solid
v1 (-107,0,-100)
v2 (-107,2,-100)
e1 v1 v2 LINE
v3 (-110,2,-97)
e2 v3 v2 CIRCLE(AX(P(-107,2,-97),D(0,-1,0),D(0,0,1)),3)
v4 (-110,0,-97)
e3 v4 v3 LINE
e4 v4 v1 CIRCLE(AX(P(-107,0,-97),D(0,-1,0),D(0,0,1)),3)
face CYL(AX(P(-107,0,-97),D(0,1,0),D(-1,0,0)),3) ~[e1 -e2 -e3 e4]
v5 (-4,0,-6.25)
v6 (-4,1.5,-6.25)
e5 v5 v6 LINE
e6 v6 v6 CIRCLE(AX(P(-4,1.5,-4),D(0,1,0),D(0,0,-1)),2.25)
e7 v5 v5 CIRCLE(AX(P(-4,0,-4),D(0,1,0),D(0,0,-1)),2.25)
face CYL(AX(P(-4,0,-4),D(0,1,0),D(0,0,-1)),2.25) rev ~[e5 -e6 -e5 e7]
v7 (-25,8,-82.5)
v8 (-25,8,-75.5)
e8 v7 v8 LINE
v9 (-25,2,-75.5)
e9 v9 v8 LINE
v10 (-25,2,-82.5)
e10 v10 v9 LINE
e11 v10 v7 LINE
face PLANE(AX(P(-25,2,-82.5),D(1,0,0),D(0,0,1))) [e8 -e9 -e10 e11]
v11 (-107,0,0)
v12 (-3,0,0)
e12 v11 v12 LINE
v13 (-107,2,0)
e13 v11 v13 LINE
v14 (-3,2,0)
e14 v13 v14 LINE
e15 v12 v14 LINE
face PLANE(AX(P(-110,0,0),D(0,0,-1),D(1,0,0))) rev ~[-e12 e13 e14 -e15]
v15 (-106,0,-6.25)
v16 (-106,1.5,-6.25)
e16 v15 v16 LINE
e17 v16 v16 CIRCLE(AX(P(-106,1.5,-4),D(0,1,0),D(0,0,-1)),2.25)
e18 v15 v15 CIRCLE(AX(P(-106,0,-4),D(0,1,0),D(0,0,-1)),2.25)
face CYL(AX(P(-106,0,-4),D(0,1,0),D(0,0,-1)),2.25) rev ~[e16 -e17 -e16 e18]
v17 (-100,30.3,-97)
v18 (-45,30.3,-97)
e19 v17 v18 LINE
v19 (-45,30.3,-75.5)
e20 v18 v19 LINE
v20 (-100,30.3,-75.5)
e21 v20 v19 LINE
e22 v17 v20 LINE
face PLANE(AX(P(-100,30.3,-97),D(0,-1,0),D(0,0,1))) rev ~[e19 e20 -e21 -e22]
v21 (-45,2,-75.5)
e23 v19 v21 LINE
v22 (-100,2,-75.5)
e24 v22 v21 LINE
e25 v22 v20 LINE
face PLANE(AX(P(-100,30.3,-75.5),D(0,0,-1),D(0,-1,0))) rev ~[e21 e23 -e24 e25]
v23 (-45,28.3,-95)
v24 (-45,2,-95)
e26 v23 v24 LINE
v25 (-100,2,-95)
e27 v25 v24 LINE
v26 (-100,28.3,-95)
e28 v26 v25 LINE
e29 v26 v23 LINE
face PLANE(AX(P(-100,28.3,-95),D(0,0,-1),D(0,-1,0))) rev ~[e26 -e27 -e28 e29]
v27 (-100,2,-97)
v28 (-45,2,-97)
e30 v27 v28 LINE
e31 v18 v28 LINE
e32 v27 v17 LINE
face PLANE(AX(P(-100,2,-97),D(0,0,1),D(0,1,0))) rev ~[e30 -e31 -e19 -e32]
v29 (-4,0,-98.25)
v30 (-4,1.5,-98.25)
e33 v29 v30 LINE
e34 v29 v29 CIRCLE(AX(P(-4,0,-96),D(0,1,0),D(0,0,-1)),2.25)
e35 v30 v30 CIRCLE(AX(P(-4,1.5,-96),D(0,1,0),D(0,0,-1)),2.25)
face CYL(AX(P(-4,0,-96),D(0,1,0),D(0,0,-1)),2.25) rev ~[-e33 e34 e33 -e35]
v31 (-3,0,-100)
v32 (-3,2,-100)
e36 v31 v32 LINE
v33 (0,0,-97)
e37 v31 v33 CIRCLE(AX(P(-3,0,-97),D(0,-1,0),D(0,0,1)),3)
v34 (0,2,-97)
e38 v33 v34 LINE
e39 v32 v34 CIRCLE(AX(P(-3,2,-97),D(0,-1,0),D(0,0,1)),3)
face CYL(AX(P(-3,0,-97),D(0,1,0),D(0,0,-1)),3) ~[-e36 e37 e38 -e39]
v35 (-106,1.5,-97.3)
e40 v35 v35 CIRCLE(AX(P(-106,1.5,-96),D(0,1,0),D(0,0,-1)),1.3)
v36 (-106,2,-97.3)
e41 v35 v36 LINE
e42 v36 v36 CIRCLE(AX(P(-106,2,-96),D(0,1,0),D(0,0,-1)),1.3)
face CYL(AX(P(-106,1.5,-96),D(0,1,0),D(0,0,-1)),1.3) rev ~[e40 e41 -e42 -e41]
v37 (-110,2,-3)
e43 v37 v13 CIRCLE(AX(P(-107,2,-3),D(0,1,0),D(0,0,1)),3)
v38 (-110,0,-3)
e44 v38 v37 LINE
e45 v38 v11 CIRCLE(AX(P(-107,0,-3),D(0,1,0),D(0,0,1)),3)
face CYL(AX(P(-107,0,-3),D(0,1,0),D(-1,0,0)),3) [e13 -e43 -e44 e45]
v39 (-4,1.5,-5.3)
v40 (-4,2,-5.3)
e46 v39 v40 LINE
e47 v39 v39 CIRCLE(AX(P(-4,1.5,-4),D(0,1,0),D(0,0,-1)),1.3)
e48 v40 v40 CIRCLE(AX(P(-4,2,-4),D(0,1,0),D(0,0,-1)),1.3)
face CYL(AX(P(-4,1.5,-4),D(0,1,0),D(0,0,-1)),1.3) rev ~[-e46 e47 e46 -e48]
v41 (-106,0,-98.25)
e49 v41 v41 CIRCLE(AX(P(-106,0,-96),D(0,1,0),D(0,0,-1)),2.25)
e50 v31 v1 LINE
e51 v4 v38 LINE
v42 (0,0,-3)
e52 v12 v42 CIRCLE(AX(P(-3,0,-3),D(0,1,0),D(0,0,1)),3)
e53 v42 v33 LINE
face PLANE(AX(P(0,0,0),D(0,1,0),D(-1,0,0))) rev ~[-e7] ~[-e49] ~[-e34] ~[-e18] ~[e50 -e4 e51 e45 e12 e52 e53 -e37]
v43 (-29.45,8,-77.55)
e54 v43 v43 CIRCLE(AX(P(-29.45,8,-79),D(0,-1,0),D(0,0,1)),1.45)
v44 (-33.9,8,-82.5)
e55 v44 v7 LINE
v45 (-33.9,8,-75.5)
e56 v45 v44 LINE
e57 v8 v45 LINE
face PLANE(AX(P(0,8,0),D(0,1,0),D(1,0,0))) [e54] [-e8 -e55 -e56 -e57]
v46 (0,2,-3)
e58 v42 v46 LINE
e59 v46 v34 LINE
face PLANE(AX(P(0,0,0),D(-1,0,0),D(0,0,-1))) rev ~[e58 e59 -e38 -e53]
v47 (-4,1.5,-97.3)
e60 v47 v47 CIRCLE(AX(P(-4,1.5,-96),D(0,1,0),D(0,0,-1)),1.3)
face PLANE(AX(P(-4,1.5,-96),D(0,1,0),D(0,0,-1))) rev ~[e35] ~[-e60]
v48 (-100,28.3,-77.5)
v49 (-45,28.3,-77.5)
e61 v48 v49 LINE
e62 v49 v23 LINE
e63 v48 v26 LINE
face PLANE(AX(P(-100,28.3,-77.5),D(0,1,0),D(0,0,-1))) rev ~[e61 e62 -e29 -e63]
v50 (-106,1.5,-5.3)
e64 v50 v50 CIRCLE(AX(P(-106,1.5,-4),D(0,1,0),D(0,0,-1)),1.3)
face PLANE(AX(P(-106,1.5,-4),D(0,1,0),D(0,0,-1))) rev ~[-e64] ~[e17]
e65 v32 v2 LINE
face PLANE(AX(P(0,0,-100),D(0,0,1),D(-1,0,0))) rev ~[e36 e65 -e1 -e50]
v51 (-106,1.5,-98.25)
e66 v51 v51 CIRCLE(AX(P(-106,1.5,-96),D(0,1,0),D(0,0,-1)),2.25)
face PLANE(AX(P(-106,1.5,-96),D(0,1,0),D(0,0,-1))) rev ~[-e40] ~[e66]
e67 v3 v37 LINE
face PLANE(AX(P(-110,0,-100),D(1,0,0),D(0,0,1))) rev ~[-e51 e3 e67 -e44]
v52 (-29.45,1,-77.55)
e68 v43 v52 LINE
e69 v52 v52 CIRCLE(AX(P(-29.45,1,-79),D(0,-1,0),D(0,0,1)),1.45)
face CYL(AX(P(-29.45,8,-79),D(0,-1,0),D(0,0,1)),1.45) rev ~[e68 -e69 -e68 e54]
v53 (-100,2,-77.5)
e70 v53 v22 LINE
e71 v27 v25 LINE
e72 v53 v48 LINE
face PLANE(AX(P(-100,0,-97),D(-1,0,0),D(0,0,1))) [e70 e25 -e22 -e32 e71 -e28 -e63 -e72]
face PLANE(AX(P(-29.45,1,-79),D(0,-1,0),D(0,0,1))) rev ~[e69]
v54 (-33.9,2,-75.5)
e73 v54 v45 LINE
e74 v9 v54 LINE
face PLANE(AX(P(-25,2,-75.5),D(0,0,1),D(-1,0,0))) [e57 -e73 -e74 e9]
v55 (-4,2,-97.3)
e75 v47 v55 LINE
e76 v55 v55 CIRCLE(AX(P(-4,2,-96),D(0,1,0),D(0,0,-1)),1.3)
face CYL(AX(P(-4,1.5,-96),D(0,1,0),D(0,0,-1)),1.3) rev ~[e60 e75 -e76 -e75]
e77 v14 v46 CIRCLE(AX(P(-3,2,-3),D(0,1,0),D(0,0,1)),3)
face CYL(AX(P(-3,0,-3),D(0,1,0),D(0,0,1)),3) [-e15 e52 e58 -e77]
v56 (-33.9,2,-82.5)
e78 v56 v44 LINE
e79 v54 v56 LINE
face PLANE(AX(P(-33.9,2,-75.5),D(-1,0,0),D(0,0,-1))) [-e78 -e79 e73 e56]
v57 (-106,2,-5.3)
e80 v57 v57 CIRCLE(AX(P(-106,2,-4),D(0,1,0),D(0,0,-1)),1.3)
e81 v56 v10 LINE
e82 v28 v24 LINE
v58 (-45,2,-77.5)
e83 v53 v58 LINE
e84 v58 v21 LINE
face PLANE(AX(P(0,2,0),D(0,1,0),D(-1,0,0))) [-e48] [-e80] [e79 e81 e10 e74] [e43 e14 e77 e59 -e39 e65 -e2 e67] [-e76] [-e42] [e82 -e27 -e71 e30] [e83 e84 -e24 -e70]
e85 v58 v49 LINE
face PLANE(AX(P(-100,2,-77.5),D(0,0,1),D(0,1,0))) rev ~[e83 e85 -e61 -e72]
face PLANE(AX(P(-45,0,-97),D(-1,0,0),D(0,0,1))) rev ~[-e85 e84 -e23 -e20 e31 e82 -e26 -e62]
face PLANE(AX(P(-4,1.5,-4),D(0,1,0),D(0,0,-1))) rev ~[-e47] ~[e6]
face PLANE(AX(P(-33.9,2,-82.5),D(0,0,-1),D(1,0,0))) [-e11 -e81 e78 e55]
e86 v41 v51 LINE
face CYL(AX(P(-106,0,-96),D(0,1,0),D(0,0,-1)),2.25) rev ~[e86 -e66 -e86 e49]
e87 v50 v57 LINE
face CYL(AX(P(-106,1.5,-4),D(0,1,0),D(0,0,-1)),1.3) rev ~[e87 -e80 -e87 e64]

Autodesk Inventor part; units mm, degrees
ref_plane "YZ Plane" through (0, 0, 0) normal (1, 0, 0) x (0, 1, 0)
ref_plane "XZ Plane" through (0, 0, 0) normal (0, 1, 0) x (-1, 0, 0)
sketch "Szkic1" plane through (0, 0, 0) normal (0, 1, 0) x (-1, 0, 0)
  line L0 (110, 0) -> (0, 0)
  line L1 (0, 0) -> (0, -100)
  line L2 (0, -100) -> (110, -100)
  line L3 (110, -100) -> (110, 0)
  dimension "d0" = 100
  dimension "d1" = 110
extrude "Gabaryt" add sketch "Szkic1" along normal blind 2
sketch "Szkic2" plane through (0, 0, 0) normal (0, 1, 0) x (1, 0, 0)
  line L0 (0, 0) -> (0, 100) projected
  line L1 (-110, 0) -> (0, 0) projected
  line L2 (-110, 100) -> (-110, 0) projected
  line L3 (0, 100) -> (-110, 100) projected
  line L4 (-110, 50) -> (0, 50)
  line L5 (-55, 100) -> (-55, 0)
  point P0 (-4, 4)
  point P1 (-106, 4)
  point P2 (-4, 96)
  point P3 (-106, 96)
  dimension "d4" = 4
  dimension "d5" = 4
hole "Otwory montażowe" at (-4, 0, -4) at (-106, 0, -4) at (-106, 0, -96) at (-4, 0, -96) direction (0, 1, 0) diameter 2.6 end through all counterbore diameter 4.5 counterbore depth 1.5
fillet "Zaokrąglenie1" radius 3 4 edges at (0, 1, 0) (-110, 1, 0) (-110, 1, -100) (0, 1, -100)
ref_plane "Płaszczyzna konstrukcyjna2" through (-100, 0, -97) normal (-1, 0, 0) x (0, 0, 1)
sketch "Szkic4" plane through (-100, 0, -97) normal (-1, 0, 0) x (0, 0, 1)
  line L0 (0, 2) -> (94, 2) projected
  line L1 (0, 28.3) -> (2, 28.3)
  line L2 (2, 28.3) -> (2, 2)
  line L3 (2, 2) -> (0, 2)
  line L4 (0, 2) -> (0, 28.3)
  line L5 (19.5, 28.3) -> (21.5, 28.3)
  line L6 (21.5, 28.3) -> (21.5, 2)
  line L7 (21.5, 2) -> (19.5, 2)
  line L8 (19.5, 2) -> (19.5, 28.3)
  line L9 (0, 30.3) -> (21.5, 30.3)
  line L10 (21.5, 30.3) -> (21.5, 28.3)
  line L11 (21.5, 28.3) -> (0, 28.3)
  line L12 (0, 28.3) -> (0, 30.3)
  line L13 (-3, 2) -> (-3, 0) projected
  point P0 (97, 0)
  point P1 (2, 2)
  point P2 (2, 28.3)
  point P3 (19.5, 2)
  point P4 (21.5, 2)
  dimension "d20" = 2
  dimension "d21" = 2
  dimension "d22" = 2
  dimension "d23" = 17.5
  dimension "d24" = 26.3
  dimension "d25" = 3
extrude "Wyciągnięcie proste3" add sketch "Szkic4" against normal blind 55 contours L4 L1 L2 L0 | L12 L9 L10 L5 L11 L1 | L8 L5 L6 L0
sketch "Szkic5" plane through (0, 2, 0) normal (0, 1, 0) x (1, 0, 0)
  line L0 (-33.9, 82.5) -> (-25, 82.5)
  line L1 (-25, 82.5) -> (-25, 75.5)
  line L2 (-25, 75.5) -> (-33.9, 75.5)
  line L3 (-33.9, 75.5) -> (-33.9, 82.5)
  line L4 (-100, 75.5) -> (-45, 75.5) projected
  line L5 (-110, 97) -> (-110, 3) projected
  line L6 (0, 3) -> (0, 97) projected
  point P0 (0, 0)
  point P1 (-29.45, 82.5)
  dimension "d28" = 7
  dimension "d29" = 8.9
  dimension "d34" = 25
extrude "Wyciągnięcie proste4" add sketch "Szkic5" along normal blind 6
sketch "Szkic6" plane through (0, 8, 0) normal (0, 1, 0) x (1, 0, 0)
  line L0 (-25, 82.5) -> (-33.9, 82.5) projected
  line L1 (-33.9, 82.5) -> (-33.9, 75.5) projected
  line L2 (-33.9, 75.5) -> (-25, 75.5) projected
  line L3 (-25, 75.5) -> (-25, 82.5) projected
  line L4 (-33.9, 75.5) -> (-33.9, 82.5) projected
  line L5 (-33.9, 79) -> (-25, 79)
  line L6 (-29.45, 82.5) -> (-29.45, 75.5)
  point P0 (0, 0)
  point P1 (-29.45, 79)
hole "Otwór2" at (-29.45, 8, -79) direction (0, -1, 0) diameter 2.9 depth 7
equation "\"d0\" = podstawa_a"
equation "\"d1\" = podstawa_b"
equation "\"d2\" = podstawa_wys"
equation "\"d4\" = podstawa_otwory_montazowe_poz_x"
equation "\"d5\" = podstawa_otwory_montazowe_poz_y"
equation "\"d6\" = gniazdo_M2_D2"
equation "\"d8\" = gniazdo_M2_D1"
equation "\"d9\" = gniazdo_M2_glebokosc"
equation "\"d13\" = podstawa_zaokraglenie"
equation "\"d20\" = obudowa_uchwyt_grubosc"
equation "\"d21\" = d20"
equation "\"d22\" = d20"
equation "\"d23\" = obudowa_uchwyt_szerokosc_wew"
equation "\"d24\" = obudowa_uchwyt_wysokosc_wew"
equation "\"d25\" = obudowa_uchwyt_poz_z"
equation "\"d26\" = obudowa_uchwyt_kolnierz_wys"
equation "\"d28\" = podstawa_mocowanie_DC_a"
equation "\"d29\" = podstawa_mocowanie_DC_b"
equation "\"d34\" = obudowa_gniazdo_poz"
equation "\"d32\" = podstawa_mocowanie_DC_wys"
equation "\"d35\" = insert_D"
equation "\"d37\" = gniazdo_M2_D1"
equation "\"d38\" = gniazdo_M2_glebokosc"
equation "\"d40\" = insert_glebokosc"
equation "\"podstawa_a\" = 100"
equation "\"podstawa_b\" = 110"
equation "\"podstawa_wys\" = 2"
equation "\"podstawa_otwory_montazowe_poz_y\" = 4"
equation "\"podstawa_otwory_montazowe_poz_x\" = 4"
equation "\"gniazdo_M2_D1\" = 4.5"
equation "\"gniazdo_M2_glebokosc\" = 1.5"
equation "\"gniazdo_M2_D2\" = 2.6"
equation "\"obudowa_wys\" = 45"
equation "\"obudowa_grubosc\" = 2"
equation "\"obudowa_prowadnica_odsuniecie\" = 2"
equation "\"obudowa_prowadnica_grubosc\" = 2"
equation "\"obudowa_kontrolki_a\" = 38"
equation "\"obudowa_prowadnica_wys\" = 19"
equation "\"obudowa_otwory_montazowe_poz_y\" = 4"
equation "\"obudowa_otwory_montazowe_poz_x\" = 4"
equation "\"obudowa_otwory_montazowe_material_y\" = 8"
equation "\"obudowa_otwory_montazowe_material_x\" = 8"
equation "\"insert_D\" = 2.9"
equation "\"insert_glebokosc\" = 7"
equation "\"obudowa_zaokraglenie\" = 3"
equation "\"podstawa_zaokraglenie\" = 3"
equation "\"obudowa_otwory_io_wys\" = 15"
equation "\"obudowa_otwory_io_D\" = 15"
equation "\"obudowa_otwory_io1_poz\" = 55"
equation "\"obudowa_otwory_io1_wys\" = 25"
equation "\"obudowa_otwory_io1_D\" = 12"
equation "\"obudowa_otwory_io2_poz\" = 38"
equation "\"obudowa_otwory_io2_wys\" = 25"
equation "\"obudowa_otwory_io2_D\" = 12"
equation "\"obudowa_otwory_pot_D\" = 7.2"
equation "\"input_b\" = 14.4"
equation "\"input_wys\" = 10.9"
equation "\"input_a\" = 8.9"
equation "\"obudowa_MTS_otwor_D\" = 6.2"
equation "\"obudowa_pot_poz_y\" = 15"
equation "\"obudowa_s_poz_x\" = 78"
equation "\"obudowa_s_D\" = 6.2"
equation "\"obudowa_s_poz_y\" = 15"
equation "\"obudowa_s_rozstaw_y\" = 16"
equation "\"pcb_rozstaw_x\" = 92"
equation "\"pcb_rozstaw_y\" = 58"
equation "\"obudowa_pcb_grubosc_scianki\" = 6"
equation "\"pcb_grubosc_scianki\" = 6"
equation "\"pcb_poz_y\" = 29"
equation "\"pcb_wys_bloku\" = 35"
equation "\"obudowa_footswitch_poz_y\" = 68"
equation "\"obudowa_footswitch_poz_x\" = 35"
equation "\"obudowa_footswitch_D\" = 12.3"
equation "\"obudowa_led_indicator_D\" = 3.5"
equation "\"obudowa_led_indicator_poz_x\" = 55"
equation "\"obudowa_podkladka_otwory\" = 4"
equation "\"podstawa_uchwyt_grubosc\" = 3"
equation "\"podstawa_uchwyt_wysokosc\" = 15"
equation "\"obudowa_uchwyt_grubosc\" = 2"
equation "\"pbudowa_uchwyt_podciecie_wys\" = 1.5"
equation "\"obudowa_uchwyt_wysokosc_wew\" = 26.3"
equation "\"obudowa_uchwyt_szerokosc_wew\" = 17.5"
equation "\"obudowa_gniazdo_poz\" = 25"
equation "\"obudowa_uchwyt_kolnierz_wys\" = 55"
equation "\"obudowa_uchwyt_poz_y\" = 2"
equation "\"obudowa_uchwyt_poz_z\" = 3"
equation "\"obudowa_podciecie_inout_wys\" = 6"
equation "\"obudowa_podciecie_logo_wys\" = 34"
equation "\"obudowa_podciecie_logo_szerokosc\" = 25"
equation "\"obudowa_pot_pozycjonowanie_wys\" = 13"
equation "\"obudowa_pot_pozycjonowanie_szerokosc\" = 2.8"
equation "\"obudowa_pot_pozycjonowanie_glebokosc\" = 1.4"
equation "\"obudowa_led_mocowanie_wys\" = 6"
equation "\"obudowa_led_mocowanie_poz\" = 46"
equation "\"obudowa_led_mocowanie_D\" = 5.5"
equation "\"obudowa_led_mocowanie_grubosc\" = 8"
equation "\"holder_led_grubosc\" = 2.5"
equation "\"holder_led_dlugosc\" = 28"
equation "\"holder_led_uchwyt_D\" = 5"
equation "\"holder_led_uchwyt_wysokosc\" = 5"
equation "\"holder_led_uchwyt_szerokosc\" = 8"
equation "\"holder_gniazdo_b\" = 5"
equation "\"holder_gniazdo_grubosc\" = 2.5"
equation "\"holder_gniazdo_a\" = 28"
equation "\"podstawa_mocowanie_DC_a\" = 7"
equation "\"podstawa_mocowanie_DC_b\" = 8.9"
equation "\"podstawa_mocowanie_DC_wys\" = 6"
equation "\"holder_gniazdo_odleglosc_miedzy_ramionami\" = 9.2"
equation "\"holder_gniazdo_grubosc_ramion\" = 1.5"
equation "\"holder_gniazdo_wys\" = 8"
equation "\"holder_gniazdo_uchwyt_poz\" = 5"
properties part number "podstawa"
